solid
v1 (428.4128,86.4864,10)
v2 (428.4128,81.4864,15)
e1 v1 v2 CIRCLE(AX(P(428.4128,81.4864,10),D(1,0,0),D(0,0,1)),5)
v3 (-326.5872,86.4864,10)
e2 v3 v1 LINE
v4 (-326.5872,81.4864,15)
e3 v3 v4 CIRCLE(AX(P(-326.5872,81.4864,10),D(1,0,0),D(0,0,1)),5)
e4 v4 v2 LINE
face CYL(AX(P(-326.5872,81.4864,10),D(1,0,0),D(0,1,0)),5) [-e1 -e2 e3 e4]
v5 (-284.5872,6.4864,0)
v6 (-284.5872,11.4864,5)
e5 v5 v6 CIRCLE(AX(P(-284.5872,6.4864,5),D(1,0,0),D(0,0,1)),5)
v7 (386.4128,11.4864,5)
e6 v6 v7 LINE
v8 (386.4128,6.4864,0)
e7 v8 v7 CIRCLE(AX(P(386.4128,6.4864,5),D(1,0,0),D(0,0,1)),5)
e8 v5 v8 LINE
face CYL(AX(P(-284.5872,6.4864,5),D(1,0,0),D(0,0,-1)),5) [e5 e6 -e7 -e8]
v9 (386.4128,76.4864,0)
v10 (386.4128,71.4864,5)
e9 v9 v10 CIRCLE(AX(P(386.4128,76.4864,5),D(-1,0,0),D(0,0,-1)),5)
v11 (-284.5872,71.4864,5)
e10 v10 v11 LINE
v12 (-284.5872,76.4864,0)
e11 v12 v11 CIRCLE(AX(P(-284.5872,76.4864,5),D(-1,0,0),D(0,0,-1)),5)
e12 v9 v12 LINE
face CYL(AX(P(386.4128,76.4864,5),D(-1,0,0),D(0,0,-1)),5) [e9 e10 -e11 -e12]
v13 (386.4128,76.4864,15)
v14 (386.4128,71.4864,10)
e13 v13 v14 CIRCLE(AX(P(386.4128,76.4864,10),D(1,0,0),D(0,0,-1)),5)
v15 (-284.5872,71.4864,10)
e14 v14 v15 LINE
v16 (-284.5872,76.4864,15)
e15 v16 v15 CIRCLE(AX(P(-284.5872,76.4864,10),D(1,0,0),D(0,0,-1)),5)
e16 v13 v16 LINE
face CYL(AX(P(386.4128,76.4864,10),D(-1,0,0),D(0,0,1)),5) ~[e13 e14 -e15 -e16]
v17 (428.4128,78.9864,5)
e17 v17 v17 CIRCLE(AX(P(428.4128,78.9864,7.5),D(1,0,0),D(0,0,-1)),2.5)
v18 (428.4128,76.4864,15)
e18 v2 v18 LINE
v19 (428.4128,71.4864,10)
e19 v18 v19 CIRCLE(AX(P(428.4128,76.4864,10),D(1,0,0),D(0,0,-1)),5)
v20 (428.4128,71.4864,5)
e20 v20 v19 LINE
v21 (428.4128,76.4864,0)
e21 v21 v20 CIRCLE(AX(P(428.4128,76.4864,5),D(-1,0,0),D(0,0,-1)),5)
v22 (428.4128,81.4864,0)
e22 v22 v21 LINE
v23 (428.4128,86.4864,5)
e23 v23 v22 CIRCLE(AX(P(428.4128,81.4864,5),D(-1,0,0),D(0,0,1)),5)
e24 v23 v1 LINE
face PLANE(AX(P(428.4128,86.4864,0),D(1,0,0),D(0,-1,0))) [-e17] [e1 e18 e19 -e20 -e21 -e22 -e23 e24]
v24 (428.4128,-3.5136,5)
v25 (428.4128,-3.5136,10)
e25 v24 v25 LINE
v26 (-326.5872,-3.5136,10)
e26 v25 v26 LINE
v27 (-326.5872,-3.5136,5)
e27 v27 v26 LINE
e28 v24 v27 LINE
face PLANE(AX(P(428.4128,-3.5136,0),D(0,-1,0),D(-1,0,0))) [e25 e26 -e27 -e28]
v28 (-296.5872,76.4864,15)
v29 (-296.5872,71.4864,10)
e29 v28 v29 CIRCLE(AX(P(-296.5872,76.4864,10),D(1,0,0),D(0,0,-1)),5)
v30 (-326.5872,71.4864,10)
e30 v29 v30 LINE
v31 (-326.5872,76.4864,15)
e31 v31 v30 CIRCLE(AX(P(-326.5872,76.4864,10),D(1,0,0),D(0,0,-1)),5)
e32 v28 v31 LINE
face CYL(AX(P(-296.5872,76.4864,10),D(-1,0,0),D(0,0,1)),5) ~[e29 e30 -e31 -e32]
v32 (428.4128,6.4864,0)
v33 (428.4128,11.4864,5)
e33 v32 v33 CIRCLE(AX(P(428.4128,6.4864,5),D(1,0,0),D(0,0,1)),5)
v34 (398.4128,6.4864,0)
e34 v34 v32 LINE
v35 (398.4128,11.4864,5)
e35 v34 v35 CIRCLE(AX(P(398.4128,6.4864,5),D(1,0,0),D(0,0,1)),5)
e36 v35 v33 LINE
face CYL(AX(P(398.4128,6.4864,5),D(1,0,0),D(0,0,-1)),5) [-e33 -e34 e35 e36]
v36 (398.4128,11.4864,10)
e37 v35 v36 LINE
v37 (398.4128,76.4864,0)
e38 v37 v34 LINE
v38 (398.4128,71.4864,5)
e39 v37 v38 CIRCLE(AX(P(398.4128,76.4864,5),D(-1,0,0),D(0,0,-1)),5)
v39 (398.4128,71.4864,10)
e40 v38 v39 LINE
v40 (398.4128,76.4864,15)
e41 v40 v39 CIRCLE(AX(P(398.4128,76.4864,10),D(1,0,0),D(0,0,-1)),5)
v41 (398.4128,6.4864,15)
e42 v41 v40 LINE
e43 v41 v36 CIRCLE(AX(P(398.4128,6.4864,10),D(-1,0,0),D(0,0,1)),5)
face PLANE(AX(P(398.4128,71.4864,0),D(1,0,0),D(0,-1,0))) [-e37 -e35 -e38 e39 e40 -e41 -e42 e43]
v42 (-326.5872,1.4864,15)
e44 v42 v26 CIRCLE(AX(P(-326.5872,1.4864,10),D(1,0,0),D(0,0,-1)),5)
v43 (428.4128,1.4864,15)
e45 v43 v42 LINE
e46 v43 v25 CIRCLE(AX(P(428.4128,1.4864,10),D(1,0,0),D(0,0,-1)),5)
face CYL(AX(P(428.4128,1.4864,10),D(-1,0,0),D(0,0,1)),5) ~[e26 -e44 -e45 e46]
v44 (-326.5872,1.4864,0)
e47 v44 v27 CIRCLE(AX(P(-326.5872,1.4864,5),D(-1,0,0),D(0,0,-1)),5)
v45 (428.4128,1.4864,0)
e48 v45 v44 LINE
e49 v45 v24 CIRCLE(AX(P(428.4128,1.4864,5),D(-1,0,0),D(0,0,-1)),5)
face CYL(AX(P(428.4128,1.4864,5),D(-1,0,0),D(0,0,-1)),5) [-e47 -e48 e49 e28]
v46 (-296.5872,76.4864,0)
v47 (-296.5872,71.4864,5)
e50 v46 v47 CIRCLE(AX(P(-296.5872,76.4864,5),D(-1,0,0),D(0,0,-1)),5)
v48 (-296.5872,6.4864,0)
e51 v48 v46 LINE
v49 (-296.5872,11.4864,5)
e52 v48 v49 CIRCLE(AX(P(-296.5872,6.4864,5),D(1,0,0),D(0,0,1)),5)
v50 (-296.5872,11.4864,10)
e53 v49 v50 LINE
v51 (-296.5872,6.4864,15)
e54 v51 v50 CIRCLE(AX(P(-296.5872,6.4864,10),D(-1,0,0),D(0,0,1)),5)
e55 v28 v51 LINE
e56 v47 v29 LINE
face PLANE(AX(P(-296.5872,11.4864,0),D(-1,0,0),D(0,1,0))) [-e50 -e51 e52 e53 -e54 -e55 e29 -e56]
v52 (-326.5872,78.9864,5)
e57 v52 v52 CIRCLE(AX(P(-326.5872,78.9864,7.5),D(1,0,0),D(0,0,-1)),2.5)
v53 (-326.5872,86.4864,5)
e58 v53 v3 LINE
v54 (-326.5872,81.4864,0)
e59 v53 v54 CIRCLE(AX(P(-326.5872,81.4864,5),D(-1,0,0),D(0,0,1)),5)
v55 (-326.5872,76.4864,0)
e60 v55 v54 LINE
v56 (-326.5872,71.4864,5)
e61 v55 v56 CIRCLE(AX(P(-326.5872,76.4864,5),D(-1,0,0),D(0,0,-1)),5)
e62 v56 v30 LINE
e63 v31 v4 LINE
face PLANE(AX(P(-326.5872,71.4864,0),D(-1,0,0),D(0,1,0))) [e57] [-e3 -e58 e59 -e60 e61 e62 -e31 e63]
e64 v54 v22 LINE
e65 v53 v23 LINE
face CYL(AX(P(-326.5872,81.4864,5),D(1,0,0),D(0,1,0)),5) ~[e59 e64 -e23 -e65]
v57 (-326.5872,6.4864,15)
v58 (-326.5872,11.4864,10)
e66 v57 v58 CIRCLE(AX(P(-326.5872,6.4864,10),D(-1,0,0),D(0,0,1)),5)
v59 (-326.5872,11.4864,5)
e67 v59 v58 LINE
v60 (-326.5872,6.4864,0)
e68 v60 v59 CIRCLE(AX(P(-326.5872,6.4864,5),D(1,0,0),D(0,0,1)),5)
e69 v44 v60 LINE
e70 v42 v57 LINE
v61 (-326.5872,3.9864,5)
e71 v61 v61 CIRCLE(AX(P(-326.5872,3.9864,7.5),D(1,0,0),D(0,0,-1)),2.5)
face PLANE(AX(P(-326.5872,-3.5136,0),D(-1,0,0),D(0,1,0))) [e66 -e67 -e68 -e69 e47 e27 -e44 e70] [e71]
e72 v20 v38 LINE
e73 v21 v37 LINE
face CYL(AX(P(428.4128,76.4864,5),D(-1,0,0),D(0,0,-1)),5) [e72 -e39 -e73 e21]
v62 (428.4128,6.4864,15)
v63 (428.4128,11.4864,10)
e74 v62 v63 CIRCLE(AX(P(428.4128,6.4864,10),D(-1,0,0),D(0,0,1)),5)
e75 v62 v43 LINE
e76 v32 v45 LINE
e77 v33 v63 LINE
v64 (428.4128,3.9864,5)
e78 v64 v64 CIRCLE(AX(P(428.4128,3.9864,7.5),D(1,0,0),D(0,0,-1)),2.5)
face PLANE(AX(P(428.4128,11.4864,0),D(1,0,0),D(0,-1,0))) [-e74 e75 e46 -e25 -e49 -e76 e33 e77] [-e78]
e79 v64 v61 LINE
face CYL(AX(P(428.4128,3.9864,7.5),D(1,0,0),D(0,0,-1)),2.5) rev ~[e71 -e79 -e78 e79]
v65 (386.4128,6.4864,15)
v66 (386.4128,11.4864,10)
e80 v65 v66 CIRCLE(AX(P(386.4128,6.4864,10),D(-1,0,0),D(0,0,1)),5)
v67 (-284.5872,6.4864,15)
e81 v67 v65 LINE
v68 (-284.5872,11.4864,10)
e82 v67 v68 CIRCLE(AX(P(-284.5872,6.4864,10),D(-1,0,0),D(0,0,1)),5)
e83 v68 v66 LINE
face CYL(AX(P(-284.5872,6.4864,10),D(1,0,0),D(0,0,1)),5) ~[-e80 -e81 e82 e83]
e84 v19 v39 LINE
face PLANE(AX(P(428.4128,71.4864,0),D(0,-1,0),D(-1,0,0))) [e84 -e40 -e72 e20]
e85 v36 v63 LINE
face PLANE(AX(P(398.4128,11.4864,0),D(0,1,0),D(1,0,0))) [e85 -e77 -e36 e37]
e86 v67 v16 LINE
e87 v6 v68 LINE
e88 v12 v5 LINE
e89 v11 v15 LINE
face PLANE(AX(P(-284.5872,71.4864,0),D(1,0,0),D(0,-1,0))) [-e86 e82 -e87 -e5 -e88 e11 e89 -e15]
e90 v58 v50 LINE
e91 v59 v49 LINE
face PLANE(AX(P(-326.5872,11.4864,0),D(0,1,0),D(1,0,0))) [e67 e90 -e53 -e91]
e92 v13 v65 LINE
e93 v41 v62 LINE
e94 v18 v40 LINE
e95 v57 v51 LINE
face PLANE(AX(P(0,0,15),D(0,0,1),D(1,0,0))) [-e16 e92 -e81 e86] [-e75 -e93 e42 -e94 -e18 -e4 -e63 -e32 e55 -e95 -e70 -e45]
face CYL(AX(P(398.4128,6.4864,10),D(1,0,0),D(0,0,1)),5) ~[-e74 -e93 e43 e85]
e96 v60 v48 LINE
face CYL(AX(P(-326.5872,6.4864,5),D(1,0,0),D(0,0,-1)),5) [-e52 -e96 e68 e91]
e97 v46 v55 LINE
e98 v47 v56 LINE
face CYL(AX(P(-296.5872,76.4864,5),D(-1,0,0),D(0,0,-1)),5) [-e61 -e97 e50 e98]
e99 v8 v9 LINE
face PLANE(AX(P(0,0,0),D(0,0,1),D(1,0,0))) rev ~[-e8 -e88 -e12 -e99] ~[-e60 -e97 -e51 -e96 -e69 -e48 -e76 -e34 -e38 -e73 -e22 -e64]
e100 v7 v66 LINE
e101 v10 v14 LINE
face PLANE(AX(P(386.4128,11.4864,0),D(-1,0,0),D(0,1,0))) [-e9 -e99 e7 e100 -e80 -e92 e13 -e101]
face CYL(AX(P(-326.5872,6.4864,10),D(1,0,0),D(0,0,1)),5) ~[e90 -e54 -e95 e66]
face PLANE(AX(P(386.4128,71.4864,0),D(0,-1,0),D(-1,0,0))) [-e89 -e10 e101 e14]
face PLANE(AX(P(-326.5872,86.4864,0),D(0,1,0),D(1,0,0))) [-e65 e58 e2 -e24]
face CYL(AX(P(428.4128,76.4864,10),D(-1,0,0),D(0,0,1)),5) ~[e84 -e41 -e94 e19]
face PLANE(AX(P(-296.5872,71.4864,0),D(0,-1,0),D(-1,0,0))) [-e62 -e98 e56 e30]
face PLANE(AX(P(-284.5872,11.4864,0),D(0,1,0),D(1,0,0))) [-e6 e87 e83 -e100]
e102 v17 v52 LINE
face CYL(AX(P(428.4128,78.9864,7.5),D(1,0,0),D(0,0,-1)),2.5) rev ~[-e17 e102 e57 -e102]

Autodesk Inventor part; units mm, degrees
ref_plane "YZ Plane" through (0, 0, 0) normal (1, 0, 0) x (0, 1, 0)
ref_plane "XZ Plane" through (0, 0, 0) normal (0, 1, 0) x (-1, 0, 0)
ref_plane "XY Plane" through (0, 0, 0) normal (0, 0, 1) x (1, 0, 0)
sketch "草图1" plane through (0, 0, 0) normal (0, 0, 1) x (1, 0, 0)
  line L0 (-326.5872, 86.4864) -> (428.4128, 86.4864)
  line L1 (428.4128, 86.4864) -> (428.4128, 71.4864)
  line L2 (-326.5872, 71.4864) -> (-326.5872, 86.4864)
  line L3 (428.4128, 11.4864) -> (428.4128, -3.5136)
  line L4 (428.4128, -3.5136) -> (-326.5872, -3.5136)
  line L5 (-326.5872, -3.5136) -> (-326.5872, 11.4864)
  line L6 (-284.5872, 71.4864) -> (-284.5872, 11.4864)
  line L7 (-296.5872, 11.4864) -> (-296.5872, 71.4864)
  line L8 (398.4128, 71.4864) -> (398.4128, 11.4864)
  line L9 (386.4128, 11.4864) -> (386.4128, 71.4864)
  line L10 (-296.5872, 71.4864) -> (-326.5872, 71.4864)
  line L11 (-326.5872, 11.4864) -> (-296.5872, 11.4864)
  line L12 (428.4128, 71.4864) -> (398.4128, 71.4864)
  line L13 (386.4128, 71.4864) -> (-284.5872, 71.4864)
  line L14 (-284.5872, 11.4864) -> (386.4128, 11.4864)
  line L15 (398.4128, 11.4864) -> (428.4128, 11.4864)
  point P0 (0, 0)
  point P1 (-326.5872, 78.9864)
  point P2 (-326.5872, 3.9864)
  dimension "d0" = 755
  dimension "d1" = 15
  dimension "d2" = 15
  dimension "d3" = 7.5
  dimension "d4" = 75
  dimension "d5" = 12
  dimension "d6" = 12
  dimension "d7" = 30
  dimension "d8" = 30
extrude "拉伸1" add sketch "草图1" along normal blind 15
fillet "圆角1" radius 5 1 edges at (50.9128, 86.4864, 15)
fillet "圆角2" radius 5 12 edges at (50.9128, 86.4864, 0) (50.9128, 71.4864, 15) (413.4128, 71.4864, 15) (413.4128, 11.4864, 15) (413.4128, 11.4864, 0) (50.9128, -3.5136, 15) (50.9128, 11.4864, 15) (50.9128, 11.4864, 0) (50.9128, -3.5136, 0) (-311.5872, 11.4864, 15) (-311.5872, 71.4864, 15) (-311.5872, 71.4864, 0)
fillet "圆角3" radius 5 3 edges at (-311.5872, 11.4864, 0) (413.4128, 71.4864, 0) (50.9128, 71.4864, 0)
sketch "草图2" plane through (428.4128, 76.4864, 15) normal (1, 0, 0) x (0, 0, -1)
  line L0 (15, 5) -> (15, 0) projected
  line L1 (10, -5) -> (5, -5) projected
  circle A0 centre (7.5, 2.5) radius 2.5
  circle A1 centre (7.5, -72.5) radius 2.5
  line L2 (15, -70) -> (15, -75) projected
  line L3 (10, -65) -> (5, -65) projected
  point P0 (15, -76.4864)
  dimension "d14" = 7.5
  dimension "d15" = 7.5
  dimension "d16" = 7.5
  dimension "d17" = 7.5
  dimension "d18" = 5
extrude "拉伸2" cut sketch "草图2" against normal blind 800
properties part number "Desk foot holding bar"
